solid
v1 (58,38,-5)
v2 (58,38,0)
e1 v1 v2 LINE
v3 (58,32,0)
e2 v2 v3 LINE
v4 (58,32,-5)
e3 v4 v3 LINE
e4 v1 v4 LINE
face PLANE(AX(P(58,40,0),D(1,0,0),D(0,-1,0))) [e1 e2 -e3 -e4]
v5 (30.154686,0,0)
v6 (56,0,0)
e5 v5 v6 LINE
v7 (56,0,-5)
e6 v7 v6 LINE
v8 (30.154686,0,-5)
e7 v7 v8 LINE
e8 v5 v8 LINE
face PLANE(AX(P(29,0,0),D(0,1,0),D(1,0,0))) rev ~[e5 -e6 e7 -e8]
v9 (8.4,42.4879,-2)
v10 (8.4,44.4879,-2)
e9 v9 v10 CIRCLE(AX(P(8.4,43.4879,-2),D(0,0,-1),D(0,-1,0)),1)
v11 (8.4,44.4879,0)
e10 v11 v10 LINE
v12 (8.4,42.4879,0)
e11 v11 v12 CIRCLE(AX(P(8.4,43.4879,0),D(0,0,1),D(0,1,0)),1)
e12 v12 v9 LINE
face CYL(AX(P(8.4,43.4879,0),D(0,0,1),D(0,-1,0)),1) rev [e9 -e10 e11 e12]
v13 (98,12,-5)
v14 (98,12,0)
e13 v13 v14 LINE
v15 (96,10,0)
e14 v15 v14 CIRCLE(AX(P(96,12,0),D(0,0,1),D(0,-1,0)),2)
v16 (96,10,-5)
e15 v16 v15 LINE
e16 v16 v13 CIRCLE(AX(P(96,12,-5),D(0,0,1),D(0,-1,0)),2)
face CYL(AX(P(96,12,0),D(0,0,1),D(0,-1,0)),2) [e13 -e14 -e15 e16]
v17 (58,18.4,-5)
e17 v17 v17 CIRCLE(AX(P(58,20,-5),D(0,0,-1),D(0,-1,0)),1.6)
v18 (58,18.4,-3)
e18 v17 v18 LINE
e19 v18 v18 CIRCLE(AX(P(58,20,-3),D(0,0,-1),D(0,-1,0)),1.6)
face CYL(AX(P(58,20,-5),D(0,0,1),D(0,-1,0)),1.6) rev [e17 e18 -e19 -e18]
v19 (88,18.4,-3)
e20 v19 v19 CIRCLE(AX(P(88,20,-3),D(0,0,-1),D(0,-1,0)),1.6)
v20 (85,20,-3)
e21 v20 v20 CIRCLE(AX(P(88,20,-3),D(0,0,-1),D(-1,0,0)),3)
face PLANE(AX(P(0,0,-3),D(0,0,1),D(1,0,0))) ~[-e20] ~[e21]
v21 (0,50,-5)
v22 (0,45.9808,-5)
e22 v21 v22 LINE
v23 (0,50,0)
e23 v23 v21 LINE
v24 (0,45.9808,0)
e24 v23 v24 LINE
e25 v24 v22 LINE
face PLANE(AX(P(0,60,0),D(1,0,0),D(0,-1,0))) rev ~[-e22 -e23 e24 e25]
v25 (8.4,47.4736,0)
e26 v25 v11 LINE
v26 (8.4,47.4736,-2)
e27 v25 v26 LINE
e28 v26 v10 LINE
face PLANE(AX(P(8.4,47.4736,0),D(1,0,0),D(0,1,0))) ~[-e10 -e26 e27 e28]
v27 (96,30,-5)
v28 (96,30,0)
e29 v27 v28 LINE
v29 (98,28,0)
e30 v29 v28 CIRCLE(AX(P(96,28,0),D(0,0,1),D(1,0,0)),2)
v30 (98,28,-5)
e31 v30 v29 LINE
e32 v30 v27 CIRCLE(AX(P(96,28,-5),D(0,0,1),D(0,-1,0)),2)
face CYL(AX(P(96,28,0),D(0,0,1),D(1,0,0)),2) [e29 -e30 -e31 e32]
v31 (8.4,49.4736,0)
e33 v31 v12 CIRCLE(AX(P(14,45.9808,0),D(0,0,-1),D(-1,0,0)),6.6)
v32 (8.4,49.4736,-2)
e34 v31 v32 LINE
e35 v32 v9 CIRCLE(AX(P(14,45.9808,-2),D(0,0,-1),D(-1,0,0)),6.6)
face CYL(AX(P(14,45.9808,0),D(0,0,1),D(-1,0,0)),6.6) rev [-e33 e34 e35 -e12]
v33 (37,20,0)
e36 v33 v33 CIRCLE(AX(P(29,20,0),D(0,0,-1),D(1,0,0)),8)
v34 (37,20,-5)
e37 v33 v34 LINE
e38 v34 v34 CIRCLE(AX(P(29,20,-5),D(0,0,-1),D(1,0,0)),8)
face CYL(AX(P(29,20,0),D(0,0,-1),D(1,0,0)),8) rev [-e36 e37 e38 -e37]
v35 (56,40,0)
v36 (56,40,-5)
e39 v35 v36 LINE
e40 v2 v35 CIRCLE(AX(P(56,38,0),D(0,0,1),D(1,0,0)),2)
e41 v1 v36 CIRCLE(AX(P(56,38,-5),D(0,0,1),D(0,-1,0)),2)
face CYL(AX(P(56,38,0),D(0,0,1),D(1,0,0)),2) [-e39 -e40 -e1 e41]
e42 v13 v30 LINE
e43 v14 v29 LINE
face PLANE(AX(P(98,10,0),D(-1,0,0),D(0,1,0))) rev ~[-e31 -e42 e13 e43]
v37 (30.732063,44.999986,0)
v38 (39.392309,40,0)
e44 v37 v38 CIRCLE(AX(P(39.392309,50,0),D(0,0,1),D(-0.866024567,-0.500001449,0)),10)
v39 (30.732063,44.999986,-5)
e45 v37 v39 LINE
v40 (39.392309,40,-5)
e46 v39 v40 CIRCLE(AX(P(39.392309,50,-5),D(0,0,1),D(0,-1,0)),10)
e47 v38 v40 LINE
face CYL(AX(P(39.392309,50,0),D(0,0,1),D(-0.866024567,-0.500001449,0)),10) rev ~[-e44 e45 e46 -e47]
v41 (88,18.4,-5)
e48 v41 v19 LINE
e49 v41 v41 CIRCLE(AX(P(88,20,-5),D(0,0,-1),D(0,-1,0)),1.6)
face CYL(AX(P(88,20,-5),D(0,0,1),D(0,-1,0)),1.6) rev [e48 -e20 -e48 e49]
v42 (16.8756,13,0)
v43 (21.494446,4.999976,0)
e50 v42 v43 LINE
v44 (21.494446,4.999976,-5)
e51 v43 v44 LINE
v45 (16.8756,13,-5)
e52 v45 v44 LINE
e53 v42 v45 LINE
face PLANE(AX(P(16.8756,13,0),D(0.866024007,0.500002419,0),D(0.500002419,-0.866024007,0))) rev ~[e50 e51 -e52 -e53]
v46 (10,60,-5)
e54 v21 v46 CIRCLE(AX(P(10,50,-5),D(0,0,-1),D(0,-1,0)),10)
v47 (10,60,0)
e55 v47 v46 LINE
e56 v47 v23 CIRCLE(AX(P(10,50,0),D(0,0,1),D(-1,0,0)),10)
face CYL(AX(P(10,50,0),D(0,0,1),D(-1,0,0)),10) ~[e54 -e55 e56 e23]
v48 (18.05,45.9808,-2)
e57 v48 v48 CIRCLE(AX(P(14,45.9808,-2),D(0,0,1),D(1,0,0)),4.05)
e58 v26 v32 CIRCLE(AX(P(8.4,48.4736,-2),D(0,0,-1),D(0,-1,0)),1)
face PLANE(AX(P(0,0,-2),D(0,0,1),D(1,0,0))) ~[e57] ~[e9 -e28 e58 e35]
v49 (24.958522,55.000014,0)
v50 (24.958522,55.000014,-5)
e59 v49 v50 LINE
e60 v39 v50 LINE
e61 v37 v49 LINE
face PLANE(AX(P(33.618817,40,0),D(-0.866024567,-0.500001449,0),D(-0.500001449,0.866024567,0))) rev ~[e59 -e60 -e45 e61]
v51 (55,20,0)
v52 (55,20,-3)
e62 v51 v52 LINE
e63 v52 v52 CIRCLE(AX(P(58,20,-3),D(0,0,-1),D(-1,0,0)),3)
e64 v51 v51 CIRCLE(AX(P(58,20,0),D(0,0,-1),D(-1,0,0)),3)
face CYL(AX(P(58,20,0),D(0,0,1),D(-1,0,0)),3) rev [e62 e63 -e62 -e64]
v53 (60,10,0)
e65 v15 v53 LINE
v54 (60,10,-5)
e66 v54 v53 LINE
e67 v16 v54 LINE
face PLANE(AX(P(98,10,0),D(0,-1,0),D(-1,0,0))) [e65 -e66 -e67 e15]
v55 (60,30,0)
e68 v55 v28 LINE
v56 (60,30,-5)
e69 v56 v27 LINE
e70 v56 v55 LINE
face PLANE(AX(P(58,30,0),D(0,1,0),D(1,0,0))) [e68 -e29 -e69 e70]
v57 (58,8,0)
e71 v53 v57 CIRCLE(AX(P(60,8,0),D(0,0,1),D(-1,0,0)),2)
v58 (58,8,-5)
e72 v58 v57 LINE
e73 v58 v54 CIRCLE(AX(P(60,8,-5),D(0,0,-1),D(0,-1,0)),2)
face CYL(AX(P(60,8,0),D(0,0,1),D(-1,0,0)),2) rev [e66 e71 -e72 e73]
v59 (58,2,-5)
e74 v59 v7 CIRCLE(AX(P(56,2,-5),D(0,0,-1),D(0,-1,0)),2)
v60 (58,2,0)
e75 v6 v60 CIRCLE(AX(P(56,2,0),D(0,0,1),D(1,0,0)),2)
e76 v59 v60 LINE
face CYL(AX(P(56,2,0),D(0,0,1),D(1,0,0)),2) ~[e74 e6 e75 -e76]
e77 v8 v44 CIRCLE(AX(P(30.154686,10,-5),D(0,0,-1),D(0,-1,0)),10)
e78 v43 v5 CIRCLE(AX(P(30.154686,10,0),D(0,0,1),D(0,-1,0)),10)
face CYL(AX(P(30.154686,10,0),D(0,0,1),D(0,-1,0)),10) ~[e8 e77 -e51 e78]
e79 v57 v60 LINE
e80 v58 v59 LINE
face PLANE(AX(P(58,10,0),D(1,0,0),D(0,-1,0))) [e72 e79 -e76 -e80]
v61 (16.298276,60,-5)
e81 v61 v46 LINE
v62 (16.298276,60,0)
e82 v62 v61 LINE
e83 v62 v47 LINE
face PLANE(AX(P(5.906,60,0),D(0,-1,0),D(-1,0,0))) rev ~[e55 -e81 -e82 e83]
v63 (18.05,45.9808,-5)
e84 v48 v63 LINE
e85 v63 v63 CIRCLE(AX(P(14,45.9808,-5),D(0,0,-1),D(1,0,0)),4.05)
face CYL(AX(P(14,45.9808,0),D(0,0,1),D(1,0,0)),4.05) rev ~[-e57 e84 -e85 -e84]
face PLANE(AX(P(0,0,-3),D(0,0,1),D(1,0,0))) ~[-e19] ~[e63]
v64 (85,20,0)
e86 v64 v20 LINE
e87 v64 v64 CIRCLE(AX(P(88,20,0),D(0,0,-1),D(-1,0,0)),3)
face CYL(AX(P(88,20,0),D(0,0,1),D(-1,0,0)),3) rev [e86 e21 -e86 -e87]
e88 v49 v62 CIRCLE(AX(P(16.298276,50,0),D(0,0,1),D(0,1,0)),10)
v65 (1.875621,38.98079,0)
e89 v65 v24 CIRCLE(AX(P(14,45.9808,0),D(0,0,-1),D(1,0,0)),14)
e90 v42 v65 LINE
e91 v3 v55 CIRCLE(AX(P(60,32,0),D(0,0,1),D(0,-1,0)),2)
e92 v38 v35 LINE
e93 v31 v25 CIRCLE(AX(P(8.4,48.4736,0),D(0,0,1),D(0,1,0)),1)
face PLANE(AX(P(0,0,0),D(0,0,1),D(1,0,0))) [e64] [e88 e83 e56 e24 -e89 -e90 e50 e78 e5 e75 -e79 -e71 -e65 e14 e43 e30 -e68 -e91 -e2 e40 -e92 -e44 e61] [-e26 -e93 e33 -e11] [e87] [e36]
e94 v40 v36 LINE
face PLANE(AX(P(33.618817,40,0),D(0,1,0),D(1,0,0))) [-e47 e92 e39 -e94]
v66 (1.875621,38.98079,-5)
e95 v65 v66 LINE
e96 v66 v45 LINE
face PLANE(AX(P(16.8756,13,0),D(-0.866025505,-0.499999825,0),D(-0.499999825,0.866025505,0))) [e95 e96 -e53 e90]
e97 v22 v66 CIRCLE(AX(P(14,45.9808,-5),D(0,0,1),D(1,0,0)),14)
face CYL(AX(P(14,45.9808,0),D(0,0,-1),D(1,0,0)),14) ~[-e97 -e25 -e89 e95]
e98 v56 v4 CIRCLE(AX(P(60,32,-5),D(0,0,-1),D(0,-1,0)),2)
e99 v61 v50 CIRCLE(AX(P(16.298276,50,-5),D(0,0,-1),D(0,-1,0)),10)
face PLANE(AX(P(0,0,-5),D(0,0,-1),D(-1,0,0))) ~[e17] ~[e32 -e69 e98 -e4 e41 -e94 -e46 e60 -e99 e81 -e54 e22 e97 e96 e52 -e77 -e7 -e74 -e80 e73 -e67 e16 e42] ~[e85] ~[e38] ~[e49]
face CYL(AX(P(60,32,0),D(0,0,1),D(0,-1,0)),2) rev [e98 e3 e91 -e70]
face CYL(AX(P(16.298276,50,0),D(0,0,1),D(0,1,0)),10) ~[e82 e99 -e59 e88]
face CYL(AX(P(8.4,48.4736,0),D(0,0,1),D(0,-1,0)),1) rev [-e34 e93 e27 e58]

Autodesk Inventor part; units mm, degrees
ref_plane "YZ Plane" through (0, 0, 0) normal (1, 0, 0) x (0, 1, 0)
ref_plane "XZ Plane" through (0, 0, 0) normal (0, 1, 0) x (-1, 0, 0)
ref_plane "XY Plane" through (0, 0, 0) normal (0, 0, 1) x (1, 0, 0)
sketch "スケッチ1" plane through (0, 0, 0) normal (0, 0, 1) x (1, 0, 0)
  line L0 (0, 0) -> (98, 0)
  line L1 (98, 0) -> (98, 60)
  line L2 (98, 60) -> (0, 60)
  line L3 (0, 60) -> (0, 0)
  line L4 (98, 0) -> (29, 0)
  line L5 (29, 0) -> (29, 40)
  line L6 (29, 40) -> (98, 40)
  line L7 (98, 40) -> (98, 0)
  line L8 (29, 30) -> (98, 30)
  line L9 (98, 30) -> (98, 10)
  line L10 (98, 10) -> (29, 10)
  line L11 (29, 10) -> (29, 30)
  line L12 (98, 20) -> (0, 20)
  line L13 (29, 20) -> (5.906, 60)
  circle A0 centre (29, 20) radius 8
  circle A1 centre (14, 45.9808) radius 4.05
  line L14 (58, 40) -> (58, 0)
  line L15 (16.8756, 13) -> (-6.2184, 53)
  line L16 (41.1244, 27) -> (18.0303, 67)
  circle A2 centre (14, 45.9808) radius 14
  line L17 (16.8756, 13) -> (25.3526, -1.6825)
  point P0 (58, 30)
  point P1 (33.6188, 40)
  point P2 (22.0718, 60)
  point P3 (0, 45.9808)
  point P4 (1.8756, 38.9808)
  point P5 (24.3812, 0)
  point P6 (58, 0)
  point P7 (58, 10)
  dimension "d0" = 98
  dimension "d1" = 60
  dimension "d2" = 40
  dimension "d3" = 20
  dimension "d4" = 10
  dimension "d5" = 69
  dimension "d6" = 30
  dimension "d7" = 16
  dimension "d8" = 30
  dimension "d9" = 8.1
  dimension "d10" = 40
  dimension "d11" = 28
extrude "押し出し1" add sketch "スケッチ1" along normal blind 5 contours L5 L10 L14 L0 | L0 L17 L15 L12 A0 L5 | L5 A0 L12 L14 L10 | L14 L12 L1 L10 | L14 L8 L1 L12 | L12 A0 L5 L8 L14 | L15 A2 L13 A0 L12 | L8 L16 L6 L14 | A2 L13 A1 | A0 L13 A2 L16 L6 L5 | L8 L5 L6 L16 | L3 L2 L13 A2 | L13 A1 A2 | L13 L2 L16 A2
sketch "スケッチ2" plane through (0, 0, 5) normal (0, 0, 1) x (1, 0, 0)
  line L0 (98, 10) -> (98, 30) projected
  line L1 (98, 20) -> (47.1161, 20)
  point P0 (0, 0)
  point P1 (88, 20)
  point P2 (58, 20)
  dimension "d14" = 10
  dimension "d15" = 30
hole "穴1" at (88, 20, 5) at (58, 20, 5) direction (0, 0, -1) diameter 3.2 depth 10
fillet "フィレット1" radius 2 6 edges at (58, 40, 2.5) (58, 30, 2.5) (98, 30, 2.5) (98, 10, 2.5) (58, 0, 2.5) (58, 10, 2.5)
fillet "フィレット2" radius 10 4 edges at (24.3812, 0, 2.5) (0, 60, 2.5) (22.0718, 60, 2.5) (33.6188, 40, 2.5)
sketch "スケッチ5" plane through (0, 0, 0) normal (0, 0, -1) x (-1, 0, 0)
  circle A0 centre (-88, 20) radius 1.6 projected
  circle A1 centre (-88, 20) radius 3
  circle A2 centre (-58, 20) radius 1.6 projected
  circle A3 centre (-58, 20) radius 3
  point P0 (0, 0)
  dimension "d38" = 6
  dimension "d39" = 6
extrude "押し出し3" cut sketch "スケッチ5" against normal blind 3 contours A0 | A1 | A2 | A3
sketch "スケッチ6" plane through (0, 0, 0) normal (0, 0, -1) x (-1, 0, 0)
  circle A0 centre (-14, 45.9808) radius 4.05 projected
  circle A1 centre (-14, 45.9808) radius 6.6
  line L0 (-8.4, 49.4736) -> (-8.4, 42.4879)
  arc A2 (-8.4, 47.4736) -> (-8.4, 49.4736) centre (-8.4, 48.4736) ccw
  arc A3 (-8.4, 42.4879) -> (-8.4, 44.4879) centre (-8.4, 43.4879) ccw
  point P0 (0, 0)
  dimension "d42" = 13.2
  dimension "d45" = 5.6
  dimension "d46" = 1
  dimension "d47" = 0
  dimension "d48" = 0
  dimension "d49" = 1
extrude "押し出し4" cut sketch "スケッチ6" against normal blind 2 contours L0 A1 | A2 A1 | A1 A2 L0 | L0 A3 A1 | A1 A3
mirror "ミラー1" about plane through (0, 0, 0) normal (0, 0, 1)
sketch "スケッチ7" plane through (0, 0, 5) normal (0, 0, 1) x (1, 0, 0)
  line L0 (-28.9789, 82.3627) -> (120.5518, 82.3627)
  line L1 (120.5518, 82.3627) -> (120.5518, -18.8106)
  line L2 (120.5518, -18.8106) -> (-28.9789, -18.8106)
  line L3 (-28.9789, -18.8106) -> (-28.9789, 82.3627)
  point P0 (0, 0)
extrude "押し出し5" cut sketch "スケッチ7" against normal blind 5
equation "\"d49\" = d46"
properties part number "RP_Calf-Link-cover-Inside-Left"
